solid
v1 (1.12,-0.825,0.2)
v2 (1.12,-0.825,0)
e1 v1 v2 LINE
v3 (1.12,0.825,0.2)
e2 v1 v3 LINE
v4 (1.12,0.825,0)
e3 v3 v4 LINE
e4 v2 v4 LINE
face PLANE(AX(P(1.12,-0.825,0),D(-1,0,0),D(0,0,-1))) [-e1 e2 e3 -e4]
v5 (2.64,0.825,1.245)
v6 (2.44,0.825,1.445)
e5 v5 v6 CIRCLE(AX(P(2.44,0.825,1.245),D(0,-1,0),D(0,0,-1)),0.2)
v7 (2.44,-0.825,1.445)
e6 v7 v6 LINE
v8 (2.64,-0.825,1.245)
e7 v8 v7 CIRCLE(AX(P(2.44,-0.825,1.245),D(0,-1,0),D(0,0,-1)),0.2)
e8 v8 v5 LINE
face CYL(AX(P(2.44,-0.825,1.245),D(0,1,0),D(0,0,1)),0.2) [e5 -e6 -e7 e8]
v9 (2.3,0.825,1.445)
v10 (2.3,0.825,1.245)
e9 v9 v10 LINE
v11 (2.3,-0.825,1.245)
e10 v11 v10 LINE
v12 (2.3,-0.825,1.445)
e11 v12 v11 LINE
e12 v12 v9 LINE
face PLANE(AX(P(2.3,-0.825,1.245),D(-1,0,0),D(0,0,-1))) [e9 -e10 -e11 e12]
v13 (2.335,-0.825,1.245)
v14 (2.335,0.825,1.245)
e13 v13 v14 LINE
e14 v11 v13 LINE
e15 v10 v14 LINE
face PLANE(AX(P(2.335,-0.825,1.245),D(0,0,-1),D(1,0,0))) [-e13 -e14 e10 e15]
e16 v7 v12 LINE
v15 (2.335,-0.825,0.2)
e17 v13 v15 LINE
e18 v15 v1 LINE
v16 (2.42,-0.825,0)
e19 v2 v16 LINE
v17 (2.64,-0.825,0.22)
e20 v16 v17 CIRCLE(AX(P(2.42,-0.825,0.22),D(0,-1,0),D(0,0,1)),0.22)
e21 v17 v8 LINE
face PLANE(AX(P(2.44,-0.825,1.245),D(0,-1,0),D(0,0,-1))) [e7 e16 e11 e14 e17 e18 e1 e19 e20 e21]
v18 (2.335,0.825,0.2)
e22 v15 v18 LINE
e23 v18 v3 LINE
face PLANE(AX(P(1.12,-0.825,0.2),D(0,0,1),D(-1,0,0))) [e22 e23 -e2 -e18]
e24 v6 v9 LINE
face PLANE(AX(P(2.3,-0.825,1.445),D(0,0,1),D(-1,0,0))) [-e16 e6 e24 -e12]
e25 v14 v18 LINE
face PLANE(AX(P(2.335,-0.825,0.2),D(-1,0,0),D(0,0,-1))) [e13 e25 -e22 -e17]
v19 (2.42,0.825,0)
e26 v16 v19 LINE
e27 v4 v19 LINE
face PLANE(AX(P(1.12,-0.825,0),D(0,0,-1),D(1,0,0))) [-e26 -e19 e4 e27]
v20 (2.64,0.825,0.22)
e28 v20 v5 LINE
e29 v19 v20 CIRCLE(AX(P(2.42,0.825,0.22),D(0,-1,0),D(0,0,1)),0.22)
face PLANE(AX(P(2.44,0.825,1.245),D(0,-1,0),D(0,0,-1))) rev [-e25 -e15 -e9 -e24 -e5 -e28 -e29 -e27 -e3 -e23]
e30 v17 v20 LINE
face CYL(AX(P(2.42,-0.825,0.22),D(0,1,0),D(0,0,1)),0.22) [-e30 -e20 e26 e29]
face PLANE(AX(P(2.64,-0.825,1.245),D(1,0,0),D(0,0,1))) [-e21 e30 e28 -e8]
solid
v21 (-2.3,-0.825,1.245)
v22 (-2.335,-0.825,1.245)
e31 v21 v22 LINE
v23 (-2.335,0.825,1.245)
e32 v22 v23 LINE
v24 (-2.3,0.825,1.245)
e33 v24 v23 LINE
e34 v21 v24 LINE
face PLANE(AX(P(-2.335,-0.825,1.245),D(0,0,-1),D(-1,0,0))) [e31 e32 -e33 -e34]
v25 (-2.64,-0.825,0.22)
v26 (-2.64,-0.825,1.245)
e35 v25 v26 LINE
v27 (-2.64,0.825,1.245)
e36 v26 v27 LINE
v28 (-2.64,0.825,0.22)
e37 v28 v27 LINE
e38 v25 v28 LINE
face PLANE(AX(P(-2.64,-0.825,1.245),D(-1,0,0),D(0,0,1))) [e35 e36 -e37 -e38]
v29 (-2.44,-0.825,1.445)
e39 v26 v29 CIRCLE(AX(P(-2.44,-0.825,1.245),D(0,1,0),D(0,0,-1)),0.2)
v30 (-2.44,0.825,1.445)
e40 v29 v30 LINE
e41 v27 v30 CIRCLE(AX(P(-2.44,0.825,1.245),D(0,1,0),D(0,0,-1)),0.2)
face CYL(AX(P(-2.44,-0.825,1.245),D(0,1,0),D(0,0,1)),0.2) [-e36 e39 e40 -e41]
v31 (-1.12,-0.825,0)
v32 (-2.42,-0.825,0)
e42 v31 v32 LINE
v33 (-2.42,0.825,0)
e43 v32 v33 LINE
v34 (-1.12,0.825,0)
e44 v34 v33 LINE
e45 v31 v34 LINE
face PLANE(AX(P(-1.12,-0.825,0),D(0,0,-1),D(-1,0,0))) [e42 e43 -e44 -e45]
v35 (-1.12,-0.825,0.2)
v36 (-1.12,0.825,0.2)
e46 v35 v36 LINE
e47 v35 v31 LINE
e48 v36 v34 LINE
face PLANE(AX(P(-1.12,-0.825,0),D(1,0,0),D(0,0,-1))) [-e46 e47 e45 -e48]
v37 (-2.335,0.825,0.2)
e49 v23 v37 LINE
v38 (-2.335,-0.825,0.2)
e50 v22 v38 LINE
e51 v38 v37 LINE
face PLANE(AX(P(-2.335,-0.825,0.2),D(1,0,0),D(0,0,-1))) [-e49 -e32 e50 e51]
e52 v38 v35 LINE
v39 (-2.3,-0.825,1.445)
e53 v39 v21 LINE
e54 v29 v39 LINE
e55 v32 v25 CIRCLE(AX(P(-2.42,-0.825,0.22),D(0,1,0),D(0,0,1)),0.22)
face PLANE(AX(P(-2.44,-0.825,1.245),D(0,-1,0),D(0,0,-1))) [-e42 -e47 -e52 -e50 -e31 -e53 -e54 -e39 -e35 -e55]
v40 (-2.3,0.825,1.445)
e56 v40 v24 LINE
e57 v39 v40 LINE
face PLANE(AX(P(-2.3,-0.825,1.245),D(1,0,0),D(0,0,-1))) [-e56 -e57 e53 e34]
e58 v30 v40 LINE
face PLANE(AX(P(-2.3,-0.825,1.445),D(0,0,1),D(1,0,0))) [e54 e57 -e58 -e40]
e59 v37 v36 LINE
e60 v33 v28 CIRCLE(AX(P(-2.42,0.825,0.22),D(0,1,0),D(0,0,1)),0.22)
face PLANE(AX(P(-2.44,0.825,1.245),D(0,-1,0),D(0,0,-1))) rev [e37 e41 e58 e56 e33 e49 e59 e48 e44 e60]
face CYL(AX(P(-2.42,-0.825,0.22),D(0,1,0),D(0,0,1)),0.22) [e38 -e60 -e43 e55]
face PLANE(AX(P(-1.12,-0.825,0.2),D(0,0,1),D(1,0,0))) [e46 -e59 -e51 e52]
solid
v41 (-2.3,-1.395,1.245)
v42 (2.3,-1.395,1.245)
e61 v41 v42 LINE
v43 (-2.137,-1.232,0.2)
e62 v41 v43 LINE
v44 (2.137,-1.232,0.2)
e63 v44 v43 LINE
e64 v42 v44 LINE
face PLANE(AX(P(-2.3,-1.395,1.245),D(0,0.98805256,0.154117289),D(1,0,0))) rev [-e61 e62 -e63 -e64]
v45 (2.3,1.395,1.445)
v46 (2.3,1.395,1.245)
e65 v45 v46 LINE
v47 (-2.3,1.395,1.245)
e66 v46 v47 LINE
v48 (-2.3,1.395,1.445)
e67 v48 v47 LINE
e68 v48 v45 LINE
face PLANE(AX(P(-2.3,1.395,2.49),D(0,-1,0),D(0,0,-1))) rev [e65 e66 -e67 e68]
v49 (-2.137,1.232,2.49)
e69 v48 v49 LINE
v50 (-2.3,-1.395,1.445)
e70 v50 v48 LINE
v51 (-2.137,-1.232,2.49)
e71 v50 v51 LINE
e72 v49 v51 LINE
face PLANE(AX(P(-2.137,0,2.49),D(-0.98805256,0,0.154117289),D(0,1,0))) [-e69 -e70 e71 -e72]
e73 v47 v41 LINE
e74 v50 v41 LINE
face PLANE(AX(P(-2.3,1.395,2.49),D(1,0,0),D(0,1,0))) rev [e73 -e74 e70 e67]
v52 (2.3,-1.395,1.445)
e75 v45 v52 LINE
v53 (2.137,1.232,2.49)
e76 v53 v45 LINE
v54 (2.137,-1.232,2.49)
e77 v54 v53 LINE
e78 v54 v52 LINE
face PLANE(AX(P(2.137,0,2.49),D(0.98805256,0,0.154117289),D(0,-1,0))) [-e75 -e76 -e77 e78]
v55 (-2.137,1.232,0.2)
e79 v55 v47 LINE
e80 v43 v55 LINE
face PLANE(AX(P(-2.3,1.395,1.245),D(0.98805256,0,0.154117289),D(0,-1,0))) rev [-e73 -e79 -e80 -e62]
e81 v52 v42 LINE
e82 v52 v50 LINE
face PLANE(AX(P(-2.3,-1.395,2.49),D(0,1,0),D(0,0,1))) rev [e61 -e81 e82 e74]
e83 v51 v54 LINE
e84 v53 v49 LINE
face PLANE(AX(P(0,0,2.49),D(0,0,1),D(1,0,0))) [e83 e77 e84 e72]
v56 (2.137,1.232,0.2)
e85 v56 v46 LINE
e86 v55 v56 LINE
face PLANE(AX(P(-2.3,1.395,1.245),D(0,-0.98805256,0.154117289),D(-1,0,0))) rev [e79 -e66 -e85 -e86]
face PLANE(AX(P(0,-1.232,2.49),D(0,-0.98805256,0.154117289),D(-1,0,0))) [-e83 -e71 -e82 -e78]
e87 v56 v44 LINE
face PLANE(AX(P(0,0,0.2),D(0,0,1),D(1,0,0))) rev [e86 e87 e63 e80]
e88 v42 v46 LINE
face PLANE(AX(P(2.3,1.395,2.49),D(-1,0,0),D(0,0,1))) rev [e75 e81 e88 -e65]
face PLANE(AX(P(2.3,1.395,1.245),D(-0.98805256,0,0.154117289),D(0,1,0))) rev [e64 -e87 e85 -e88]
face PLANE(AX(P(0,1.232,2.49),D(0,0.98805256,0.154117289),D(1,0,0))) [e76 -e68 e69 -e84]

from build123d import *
from OCP.BRepFilletAPI import BRepFilletAPI_MakeChamfer

# Parameters (mm, degrees)
SKETCH_1_W           = 4.6
SKETCH_1_H           = 2.79
EXTRUDE_1_DEPTH      = 2.29
CHAMFER_1_SIZE       = 1.045
CHAMFER_1_SIZE2      = 0.163
CHAMFER_2_SIZE       = 0.163
CHAMFER_2_SIZE2      = 1.045
EXTRUDE_2_DEPTH      = 0.825
EXTRUDE_2_DEPTH_BACK = 0.825


with BuildPart() as part:
    # Эскиз1 → Бобышка-Вытянуть1 (new body)
    with BuildSketch(Plane.XY.offset(0.2)):
        Rectangle(SKETCH_1_W, SKETCH_1_H)
    extrude(amount=EXTRUDE_1_DEPTH)

    # Фаска1: one chamfer whose edges measure the first distance from different faces: ONE call of the kernel's chamfer builder (chamfer() names one face for all edges)
    chamfer_1_edges_1 = [part.edges().sort_by_distance(p)[0] for p in [
        (-2.3, 0, 2.49),
    ]]
    chamfer_1_side_1 = [part.faces().sort_by_distance(p)[0] for p in [
        (-2.3, 0, 1.345),
    ]]
    chamfer_1_edges_2 = [part.edges().sort_by_distance(p)[0] for p in [
        (0, -1.395, 2.49),
    ]]
    chamfer_1_side_2 = [part.faces().sort_by_distance(p)[0] for p in [
        (0, -1.395, 1.345),
    ]]
    chamfer_1_edges_3 = [part.edges().sort_by_distance(p)[0] for p in [
        (2.3, 0, 2.49),
    ]]
    chamfer_1_side_3 = [part.faces().sort_by_distance(p)[0] for p in [
        (2.3, 0, 1.345),
    ]]
    chamfer_1_edges_4 = [part.edges().sort_by_distance(p)[0] for p in [
        (0, 1.395, 2.49),
    ]]
    chamfer_1_side_4 = [part.faces().sort_by_distance(p)[0] for p in [
        (0, 1.395, 1.345),
    ]]
    chamfer_1 = BRepFilletAPI_MakeChamfer(part.part.solid().wrapped)
    for e in chamfer_1_edges_1:
        chamfer_1.Add(CHAMFER_1_SIZE, CHAMFER_1_SIZE2, e.wrapped, chamfer_1_side_1[0].wrapped)  # the first distance lies on this face
    for e in chamfer_1_edges_2:
        chamfer_1.Add(CHAMFER_1_SIZE, CHAMFER_1_SIZE2, e.wrapped, chamfer_1_side_2[0].wrapped)  # the first distance lies on this face
    for e in chamfer_1_edges_3:
        chamfer_1.Add(CHAMFER_1_SIZE, CHAMFER_1_SIZE2, e.wrapped, chamfer_1_side_3[0].wrapped)  # the first distance lies on this face
    for e in chamfer_1_edges_4:
        chamfer_1.Add(CHAMFER_1_SIZE, CHAMFER_1_SIZE2, e.wrapped, chamfer_1_side_4[0].wrapped)  # the first distance lies on this face
    add(Compound.cast(chamfer_1.Shape()), mode=Mode.REPLACE)

    # Фаска2
    chamfer_2_edges = [part.edges().sort_by_distance(p)[0] for p in [
        (0, -1.395, 0.2),
        (-2.3, 0, 0.2),
        (0, 1.395, 0.2),
        (2.3, 0, 0.2),
    ]]
    chamfer_2_side = [part.faces().sort_by_distance(p)[0] for p in [
        (0, 0, 0.2),
    ]]
    chamfer(chamfer_2_edges, length=CHAMFER_2_SIZE, length2=CHAMFER_2_SIZE2, reference=chamfer_2_side[0])


with BuildPart() as body_2:
    # Эскиз2 → Бобышка-Вытянуть2 (new, two sides: drawn at the far end of the back side and taken through both)
    with BuildSketch(Plane(origin=(0, 0, 0), x_dir=(1, 0, 0), z_dir=(0, 1, 0)).offset(-EXTRUDE_2_DEPTH_BACK)):
        with BuildLine():
            Line((-2.335, -0.2), (-2.335, -1.245))
            Line((-2.335, -1.245), (-2.3, -1.245))
            Line((-2.3, -1.245), (-2.3, -1.445))
            Line((-2.3, -1.445), (-2.44, -1.445))
            ThreePointArc((-2.44, -1.445), (-2.581421356, -1.386421356), (-2.64, -1.245))
            Line((-2.64, -1.245), (-2.64, -0.22))
            ThreePointArc((-2.64, -0.22), (-2.575563492, -0.064436508), (-2.42, 0))
            Line((-2.42, 0), (-1.12, 0))
            Line((-1.12, 0), (-1.12, -0.2))
            Line((-1.12, -0.2), (-2.335, -0.2))
        make_face()
    extrude(amount=EXTRUDE_2_DEPTH + EXTRUDE_2_DEPTH_BACK)


with BuildPart() as body_3:
    # Зеркальное отражение1: mirrored copy
    add(body_2.part.mirror(Plane(origin=(0, 0, 0), x_dir=(0, 0, 1), z_dir=(1, 0, 0))))


solid = Compound([part.part, body_2.part, body_3.part])
